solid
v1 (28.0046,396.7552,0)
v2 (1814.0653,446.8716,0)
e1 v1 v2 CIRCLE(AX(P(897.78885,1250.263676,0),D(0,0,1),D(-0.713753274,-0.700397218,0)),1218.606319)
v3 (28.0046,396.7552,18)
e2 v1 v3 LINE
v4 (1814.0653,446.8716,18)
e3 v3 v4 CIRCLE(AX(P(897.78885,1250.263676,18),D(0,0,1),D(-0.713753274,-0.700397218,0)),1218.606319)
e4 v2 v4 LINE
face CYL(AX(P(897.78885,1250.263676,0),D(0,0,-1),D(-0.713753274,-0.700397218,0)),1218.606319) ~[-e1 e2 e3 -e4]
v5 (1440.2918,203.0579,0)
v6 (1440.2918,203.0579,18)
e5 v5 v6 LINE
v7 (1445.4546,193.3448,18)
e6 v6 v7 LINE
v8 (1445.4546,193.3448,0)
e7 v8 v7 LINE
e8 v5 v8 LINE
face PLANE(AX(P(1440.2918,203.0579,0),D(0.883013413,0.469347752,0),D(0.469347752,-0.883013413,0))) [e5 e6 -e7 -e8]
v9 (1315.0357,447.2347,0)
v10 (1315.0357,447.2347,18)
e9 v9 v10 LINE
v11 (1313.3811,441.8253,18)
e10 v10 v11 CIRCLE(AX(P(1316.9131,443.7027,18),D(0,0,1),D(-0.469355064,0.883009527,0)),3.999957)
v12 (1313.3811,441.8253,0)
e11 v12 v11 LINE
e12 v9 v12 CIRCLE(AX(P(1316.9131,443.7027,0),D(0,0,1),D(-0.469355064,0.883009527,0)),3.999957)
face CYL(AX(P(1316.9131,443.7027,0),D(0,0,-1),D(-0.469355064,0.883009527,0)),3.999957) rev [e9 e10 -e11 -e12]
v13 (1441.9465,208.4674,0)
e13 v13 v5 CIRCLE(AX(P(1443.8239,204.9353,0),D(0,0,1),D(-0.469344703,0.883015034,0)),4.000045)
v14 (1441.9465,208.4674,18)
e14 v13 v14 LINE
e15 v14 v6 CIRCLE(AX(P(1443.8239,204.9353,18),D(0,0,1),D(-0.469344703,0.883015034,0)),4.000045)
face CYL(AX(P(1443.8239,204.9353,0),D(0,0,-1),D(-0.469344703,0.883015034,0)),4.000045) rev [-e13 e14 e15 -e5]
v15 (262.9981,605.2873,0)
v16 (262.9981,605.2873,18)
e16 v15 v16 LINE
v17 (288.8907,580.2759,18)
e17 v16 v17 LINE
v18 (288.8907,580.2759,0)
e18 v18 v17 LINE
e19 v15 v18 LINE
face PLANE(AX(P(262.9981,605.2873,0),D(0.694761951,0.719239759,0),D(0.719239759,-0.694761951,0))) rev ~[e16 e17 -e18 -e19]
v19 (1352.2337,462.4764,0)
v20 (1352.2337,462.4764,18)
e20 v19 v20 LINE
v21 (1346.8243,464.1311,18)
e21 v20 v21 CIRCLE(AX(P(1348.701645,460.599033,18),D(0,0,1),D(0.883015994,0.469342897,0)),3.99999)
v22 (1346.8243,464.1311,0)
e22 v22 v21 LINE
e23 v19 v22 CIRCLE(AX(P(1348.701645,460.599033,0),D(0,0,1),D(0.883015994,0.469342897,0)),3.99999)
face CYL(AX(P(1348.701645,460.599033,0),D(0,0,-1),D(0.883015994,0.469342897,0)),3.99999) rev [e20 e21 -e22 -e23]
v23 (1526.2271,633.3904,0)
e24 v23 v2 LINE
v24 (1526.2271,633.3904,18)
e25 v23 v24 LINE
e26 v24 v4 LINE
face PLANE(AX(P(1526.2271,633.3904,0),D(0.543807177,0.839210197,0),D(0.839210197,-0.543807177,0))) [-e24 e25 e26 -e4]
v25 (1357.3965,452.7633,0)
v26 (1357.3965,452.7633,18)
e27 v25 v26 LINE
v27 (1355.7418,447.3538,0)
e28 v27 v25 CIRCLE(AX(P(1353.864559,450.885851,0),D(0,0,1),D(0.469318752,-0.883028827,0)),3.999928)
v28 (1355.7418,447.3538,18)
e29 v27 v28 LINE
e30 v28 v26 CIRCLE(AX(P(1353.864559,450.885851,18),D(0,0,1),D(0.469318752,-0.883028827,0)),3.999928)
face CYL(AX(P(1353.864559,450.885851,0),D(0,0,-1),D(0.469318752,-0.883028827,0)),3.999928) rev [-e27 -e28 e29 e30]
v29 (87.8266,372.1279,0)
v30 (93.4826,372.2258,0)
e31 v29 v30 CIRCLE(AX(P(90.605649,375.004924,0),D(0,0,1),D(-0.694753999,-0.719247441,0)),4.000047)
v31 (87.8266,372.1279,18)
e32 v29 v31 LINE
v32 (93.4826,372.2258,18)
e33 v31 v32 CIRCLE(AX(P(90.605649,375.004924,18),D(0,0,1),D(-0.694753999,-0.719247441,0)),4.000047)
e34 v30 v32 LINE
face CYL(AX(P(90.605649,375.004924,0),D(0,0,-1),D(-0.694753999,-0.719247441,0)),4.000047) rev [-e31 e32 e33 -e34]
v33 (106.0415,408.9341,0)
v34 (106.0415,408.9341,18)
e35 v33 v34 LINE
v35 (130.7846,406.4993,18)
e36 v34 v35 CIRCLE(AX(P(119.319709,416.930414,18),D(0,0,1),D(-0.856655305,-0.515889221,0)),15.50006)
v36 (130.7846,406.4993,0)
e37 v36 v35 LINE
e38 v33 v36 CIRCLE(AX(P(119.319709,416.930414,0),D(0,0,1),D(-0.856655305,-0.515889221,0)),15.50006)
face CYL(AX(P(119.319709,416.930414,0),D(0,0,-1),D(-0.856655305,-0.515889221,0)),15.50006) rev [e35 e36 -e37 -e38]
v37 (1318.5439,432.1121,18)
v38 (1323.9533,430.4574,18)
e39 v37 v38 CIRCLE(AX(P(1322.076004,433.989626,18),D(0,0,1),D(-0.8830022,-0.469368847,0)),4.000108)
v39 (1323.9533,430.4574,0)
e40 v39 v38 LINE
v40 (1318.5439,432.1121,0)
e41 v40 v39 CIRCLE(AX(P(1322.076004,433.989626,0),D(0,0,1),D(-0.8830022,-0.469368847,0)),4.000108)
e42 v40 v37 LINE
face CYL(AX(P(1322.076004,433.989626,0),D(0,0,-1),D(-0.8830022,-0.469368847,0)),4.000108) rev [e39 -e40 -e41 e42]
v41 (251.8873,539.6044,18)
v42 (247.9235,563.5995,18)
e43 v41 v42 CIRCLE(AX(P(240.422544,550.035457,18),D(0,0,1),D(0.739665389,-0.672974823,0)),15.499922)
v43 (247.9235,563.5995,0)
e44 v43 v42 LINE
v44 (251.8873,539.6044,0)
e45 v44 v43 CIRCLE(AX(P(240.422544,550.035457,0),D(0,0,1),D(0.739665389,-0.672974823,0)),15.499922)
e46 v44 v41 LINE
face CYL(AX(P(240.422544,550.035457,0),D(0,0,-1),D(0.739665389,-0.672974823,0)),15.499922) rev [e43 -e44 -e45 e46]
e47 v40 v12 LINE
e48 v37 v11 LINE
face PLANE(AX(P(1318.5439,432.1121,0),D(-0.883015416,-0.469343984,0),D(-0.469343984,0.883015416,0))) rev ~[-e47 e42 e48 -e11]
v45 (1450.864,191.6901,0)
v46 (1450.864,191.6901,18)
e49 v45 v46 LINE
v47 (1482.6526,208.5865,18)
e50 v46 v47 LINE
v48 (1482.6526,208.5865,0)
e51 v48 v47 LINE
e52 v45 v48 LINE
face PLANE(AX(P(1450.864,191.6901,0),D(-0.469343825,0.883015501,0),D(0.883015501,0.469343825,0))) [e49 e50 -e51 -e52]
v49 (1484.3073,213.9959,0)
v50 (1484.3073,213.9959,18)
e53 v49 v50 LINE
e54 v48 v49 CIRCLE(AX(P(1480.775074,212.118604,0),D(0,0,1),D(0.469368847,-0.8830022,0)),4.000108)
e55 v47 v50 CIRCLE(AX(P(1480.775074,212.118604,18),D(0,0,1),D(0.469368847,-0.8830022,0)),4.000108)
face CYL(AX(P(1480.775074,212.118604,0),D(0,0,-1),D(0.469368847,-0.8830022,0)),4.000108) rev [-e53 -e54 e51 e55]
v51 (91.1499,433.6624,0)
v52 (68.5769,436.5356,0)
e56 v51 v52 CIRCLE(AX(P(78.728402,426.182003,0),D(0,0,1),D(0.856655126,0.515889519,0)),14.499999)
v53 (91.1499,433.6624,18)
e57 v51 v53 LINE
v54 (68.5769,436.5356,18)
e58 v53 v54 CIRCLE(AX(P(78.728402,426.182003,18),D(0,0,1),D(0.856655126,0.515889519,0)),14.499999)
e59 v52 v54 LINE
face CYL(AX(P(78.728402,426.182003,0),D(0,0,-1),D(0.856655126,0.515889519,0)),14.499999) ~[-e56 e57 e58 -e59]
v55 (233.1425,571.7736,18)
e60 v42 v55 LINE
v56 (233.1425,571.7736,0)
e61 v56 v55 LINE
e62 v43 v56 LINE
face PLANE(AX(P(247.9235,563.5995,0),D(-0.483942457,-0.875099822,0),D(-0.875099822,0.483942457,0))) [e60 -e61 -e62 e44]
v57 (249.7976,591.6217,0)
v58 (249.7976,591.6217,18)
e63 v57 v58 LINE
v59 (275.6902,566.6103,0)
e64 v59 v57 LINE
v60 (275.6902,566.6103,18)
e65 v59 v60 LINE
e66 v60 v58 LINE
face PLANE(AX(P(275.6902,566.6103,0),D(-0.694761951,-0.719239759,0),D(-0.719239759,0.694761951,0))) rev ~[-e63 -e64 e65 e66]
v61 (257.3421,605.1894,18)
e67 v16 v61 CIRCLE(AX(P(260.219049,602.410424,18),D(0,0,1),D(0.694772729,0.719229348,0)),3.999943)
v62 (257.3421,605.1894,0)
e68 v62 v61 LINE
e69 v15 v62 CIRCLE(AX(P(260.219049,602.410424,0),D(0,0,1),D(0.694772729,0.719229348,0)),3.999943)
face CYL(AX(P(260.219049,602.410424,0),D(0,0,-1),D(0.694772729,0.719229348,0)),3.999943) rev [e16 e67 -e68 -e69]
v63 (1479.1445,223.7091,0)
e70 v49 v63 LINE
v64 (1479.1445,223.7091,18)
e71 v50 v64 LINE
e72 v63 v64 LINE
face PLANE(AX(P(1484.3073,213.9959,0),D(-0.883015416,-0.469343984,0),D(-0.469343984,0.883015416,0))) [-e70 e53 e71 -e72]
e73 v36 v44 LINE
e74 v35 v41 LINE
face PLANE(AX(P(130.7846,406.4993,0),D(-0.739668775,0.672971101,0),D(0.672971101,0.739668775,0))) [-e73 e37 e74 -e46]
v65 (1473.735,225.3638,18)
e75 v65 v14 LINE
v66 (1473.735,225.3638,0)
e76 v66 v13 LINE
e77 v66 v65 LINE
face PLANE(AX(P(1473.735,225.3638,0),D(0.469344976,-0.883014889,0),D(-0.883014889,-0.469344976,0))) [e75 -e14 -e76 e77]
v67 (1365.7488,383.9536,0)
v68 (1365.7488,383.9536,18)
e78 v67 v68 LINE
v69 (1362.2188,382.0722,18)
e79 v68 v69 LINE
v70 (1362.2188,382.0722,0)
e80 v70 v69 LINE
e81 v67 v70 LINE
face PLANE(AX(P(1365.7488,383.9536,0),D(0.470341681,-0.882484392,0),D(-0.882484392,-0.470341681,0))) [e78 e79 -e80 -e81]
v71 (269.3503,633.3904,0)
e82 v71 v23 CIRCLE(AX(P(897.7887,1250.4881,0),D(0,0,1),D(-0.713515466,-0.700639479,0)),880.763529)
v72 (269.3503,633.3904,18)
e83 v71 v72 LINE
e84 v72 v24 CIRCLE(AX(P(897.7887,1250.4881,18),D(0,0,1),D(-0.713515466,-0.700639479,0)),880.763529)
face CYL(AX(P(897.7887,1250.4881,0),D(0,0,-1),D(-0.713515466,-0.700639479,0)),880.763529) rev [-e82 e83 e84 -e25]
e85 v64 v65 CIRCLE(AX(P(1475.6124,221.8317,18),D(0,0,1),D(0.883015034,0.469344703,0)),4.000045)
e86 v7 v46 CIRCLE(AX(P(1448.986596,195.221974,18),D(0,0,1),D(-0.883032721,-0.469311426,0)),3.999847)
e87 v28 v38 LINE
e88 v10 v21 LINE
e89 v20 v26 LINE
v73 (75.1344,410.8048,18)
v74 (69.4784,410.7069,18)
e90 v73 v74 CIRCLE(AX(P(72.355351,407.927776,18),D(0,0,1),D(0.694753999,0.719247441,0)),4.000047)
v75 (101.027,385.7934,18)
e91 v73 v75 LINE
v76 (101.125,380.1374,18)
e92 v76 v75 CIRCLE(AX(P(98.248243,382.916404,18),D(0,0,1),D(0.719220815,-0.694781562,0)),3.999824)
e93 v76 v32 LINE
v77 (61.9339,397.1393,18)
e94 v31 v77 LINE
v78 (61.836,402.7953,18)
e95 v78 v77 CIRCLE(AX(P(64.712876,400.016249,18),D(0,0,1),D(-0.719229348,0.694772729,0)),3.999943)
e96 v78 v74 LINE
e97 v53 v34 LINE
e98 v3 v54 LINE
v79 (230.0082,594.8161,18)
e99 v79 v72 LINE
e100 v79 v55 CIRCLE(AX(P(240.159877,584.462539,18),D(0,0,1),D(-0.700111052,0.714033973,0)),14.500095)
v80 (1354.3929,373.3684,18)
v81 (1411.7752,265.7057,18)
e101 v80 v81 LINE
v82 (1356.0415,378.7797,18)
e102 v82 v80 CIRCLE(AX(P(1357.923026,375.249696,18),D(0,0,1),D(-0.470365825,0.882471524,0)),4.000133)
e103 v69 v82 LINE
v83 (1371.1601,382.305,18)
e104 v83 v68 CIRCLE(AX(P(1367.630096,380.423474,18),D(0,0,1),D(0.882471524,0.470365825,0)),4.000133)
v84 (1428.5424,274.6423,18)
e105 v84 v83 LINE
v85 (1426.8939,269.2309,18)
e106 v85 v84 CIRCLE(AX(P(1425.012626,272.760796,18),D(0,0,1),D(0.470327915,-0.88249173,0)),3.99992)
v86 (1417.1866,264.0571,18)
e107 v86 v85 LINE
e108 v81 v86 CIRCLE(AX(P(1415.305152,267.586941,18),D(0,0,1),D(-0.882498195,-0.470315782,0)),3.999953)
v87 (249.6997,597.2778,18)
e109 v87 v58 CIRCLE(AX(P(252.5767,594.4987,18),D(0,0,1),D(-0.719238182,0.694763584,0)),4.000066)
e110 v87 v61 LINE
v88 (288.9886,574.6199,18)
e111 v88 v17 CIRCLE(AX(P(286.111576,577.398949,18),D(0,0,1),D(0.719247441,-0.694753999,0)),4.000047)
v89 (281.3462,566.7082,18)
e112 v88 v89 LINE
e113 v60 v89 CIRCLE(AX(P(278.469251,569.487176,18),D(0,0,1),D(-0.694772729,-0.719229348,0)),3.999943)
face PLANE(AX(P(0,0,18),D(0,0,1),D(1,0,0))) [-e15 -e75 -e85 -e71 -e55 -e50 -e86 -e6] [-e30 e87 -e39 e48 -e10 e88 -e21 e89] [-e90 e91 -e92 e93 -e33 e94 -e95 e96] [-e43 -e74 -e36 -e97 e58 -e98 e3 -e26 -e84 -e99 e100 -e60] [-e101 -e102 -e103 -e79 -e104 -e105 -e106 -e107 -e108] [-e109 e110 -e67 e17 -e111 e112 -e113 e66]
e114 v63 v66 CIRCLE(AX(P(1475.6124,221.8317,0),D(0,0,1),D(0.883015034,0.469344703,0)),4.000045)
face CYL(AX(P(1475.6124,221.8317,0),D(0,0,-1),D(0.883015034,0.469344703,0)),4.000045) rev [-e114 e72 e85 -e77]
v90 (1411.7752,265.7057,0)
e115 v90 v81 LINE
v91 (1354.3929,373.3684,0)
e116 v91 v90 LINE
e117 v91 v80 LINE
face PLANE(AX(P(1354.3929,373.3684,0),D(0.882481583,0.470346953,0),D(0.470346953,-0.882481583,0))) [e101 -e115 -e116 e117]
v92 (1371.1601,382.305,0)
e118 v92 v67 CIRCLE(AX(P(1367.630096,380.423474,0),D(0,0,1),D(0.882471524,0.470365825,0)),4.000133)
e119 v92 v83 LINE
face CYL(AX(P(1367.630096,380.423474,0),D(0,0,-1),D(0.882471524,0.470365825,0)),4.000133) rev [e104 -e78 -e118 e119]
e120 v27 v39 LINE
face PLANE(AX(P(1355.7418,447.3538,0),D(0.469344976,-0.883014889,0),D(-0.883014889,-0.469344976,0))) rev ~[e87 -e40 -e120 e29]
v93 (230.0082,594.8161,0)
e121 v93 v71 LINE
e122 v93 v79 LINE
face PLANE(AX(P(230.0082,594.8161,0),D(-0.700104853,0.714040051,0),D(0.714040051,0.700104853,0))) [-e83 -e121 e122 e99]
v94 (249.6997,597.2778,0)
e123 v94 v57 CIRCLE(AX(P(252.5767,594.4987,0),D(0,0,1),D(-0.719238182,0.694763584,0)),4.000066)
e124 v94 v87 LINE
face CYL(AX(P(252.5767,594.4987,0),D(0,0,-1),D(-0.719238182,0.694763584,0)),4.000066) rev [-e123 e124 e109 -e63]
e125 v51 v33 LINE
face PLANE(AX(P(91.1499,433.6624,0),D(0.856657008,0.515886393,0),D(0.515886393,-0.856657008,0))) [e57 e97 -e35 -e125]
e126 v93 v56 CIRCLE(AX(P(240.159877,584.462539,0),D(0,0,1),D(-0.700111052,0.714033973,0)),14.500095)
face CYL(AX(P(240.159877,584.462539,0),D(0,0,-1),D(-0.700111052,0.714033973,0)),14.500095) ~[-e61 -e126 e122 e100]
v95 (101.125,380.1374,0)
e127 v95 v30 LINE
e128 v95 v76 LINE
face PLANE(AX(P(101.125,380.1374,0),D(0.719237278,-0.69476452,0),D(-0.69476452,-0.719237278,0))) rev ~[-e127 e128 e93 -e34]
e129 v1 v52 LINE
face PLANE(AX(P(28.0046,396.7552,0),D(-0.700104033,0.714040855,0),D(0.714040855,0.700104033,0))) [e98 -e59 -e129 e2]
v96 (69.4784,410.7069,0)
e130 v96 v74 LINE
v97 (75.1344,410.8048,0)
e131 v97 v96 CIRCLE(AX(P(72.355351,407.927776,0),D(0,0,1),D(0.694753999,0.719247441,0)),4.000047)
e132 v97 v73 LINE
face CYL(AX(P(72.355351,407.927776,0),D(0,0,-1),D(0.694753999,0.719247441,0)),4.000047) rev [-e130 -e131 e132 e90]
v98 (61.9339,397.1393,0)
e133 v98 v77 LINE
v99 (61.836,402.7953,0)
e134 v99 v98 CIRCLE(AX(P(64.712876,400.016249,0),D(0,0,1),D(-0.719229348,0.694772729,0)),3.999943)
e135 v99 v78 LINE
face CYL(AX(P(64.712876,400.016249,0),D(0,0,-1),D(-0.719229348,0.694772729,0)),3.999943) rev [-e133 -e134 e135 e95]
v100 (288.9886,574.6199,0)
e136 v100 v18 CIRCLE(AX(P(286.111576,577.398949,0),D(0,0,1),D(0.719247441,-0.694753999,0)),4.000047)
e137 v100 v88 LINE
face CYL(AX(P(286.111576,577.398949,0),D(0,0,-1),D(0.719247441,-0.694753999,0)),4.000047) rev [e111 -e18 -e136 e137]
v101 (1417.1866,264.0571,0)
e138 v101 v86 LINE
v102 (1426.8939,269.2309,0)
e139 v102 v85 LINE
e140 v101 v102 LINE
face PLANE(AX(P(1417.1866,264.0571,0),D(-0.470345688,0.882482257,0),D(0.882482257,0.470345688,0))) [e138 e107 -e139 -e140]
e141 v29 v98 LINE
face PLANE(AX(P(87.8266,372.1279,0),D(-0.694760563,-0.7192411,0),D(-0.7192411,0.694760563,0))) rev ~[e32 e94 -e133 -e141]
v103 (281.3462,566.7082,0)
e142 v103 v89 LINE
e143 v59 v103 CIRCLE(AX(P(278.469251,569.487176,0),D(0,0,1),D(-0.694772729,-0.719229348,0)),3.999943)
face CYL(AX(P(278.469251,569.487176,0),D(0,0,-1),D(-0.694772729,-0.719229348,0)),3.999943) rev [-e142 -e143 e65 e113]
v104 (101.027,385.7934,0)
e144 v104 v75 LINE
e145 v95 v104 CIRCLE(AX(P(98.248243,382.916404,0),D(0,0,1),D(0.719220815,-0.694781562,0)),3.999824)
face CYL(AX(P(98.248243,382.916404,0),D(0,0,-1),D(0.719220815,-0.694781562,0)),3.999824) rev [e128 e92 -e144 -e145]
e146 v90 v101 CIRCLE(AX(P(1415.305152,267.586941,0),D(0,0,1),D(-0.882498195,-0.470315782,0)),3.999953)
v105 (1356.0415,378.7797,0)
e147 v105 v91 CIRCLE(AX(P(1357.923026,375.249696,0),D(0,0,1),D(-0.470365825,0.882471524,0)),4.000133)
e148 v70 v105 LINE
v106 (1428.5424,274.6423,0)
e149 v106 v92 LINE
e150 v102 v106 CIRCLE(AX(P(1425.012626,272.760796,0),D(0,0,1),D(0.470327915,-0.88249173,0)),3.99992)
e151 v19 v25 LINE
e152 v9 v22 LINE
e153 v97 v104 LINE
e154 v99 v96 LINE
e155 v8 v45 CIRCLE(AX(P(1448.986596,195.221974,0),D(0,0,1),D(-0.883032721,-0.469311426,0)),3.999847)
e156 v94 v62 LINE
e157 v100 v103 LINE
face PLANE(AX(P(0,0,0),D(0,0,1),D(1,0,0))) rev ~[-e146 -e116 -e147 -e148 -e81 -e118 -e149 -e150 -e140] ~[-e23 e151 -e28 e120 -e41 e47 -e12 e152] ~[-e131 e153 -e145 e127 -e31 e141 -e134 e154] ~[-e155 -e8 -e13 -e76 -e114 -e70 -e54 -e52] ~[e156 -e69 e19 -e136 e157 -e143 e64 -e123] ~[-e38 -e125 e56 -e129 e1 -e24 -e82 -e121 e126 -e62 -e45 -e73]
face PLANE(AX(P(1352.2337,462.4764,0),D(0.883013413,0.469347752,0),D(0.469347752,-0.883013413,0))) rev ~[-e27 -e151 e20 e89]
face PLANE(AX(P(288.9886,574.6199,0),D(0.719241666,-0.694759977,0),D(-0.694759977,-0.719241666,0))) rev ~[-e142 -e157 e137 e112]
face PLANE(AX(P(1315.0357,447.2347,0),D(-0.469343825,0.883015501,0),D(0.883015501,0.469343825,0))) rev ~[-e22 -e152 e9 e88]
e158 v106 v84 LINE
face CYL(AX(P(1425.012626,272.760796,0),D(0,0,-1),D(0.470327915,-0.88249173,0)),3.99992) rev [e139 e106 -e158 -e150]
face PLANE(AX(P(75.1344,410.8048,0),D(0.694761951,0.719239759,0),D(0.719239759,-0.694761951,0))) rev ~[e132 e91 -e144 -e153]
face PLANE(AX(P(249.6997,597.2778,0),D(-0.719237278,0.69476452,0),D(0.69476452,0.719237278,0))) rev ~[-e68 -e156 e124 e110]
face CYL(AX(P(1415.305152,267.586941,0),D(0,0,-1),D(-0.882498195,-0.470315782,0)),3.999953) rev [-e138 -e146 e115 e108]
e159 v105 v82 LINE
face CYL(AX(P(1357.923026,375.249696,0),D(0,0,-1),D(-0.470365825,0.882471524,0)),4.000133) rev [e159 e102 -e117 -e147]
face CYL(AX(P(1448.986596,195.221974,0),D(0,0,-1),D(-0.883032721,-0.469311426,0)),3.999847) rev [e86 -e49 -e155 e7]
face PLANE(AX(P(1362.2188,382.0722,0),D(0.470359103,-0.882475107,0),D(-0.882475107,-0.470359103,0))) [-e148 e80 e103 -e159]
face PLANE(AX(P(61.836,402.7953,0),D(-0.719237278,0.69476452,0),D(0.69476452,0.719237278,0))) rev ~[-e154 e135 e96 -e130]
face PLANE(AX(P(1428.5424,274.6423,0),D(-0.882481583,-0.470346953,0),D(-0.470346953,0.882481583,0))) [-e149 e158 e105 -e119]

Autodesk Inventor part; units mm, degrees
ref_plane "YZ Plane" through (0, 0, 0) normal (1, 0, 0) x (0, 1, 0)
ref_plane "XZ Plane" through (0, 0, 0) normal (0, 1, 0) x (-1, 0, 0)
ref_plane "XY Plane" through (0, 0, 0) normal (0, 0, 1) x (1, 0, 0)
sketch "CONTOURS" plane through (0, 0, 0) normal (0, 0, 1) x (1, 0, 0)
  arc A0 (28.0046, 396.7552) -> (1814.0653, 446.8716) centre (897.7889, 1250.2638) ccw
  line L0 (28.0046, 396.7552) -> (68.5769, 436.5356)
  arc A1 (91.1499, 433.6624) -> (68.5769, 436.5356) centre (78.7284, 426.182) ccw
  line L1 (91.1499, 433.6624) -> (106.0415, 408.9341)
  arc A2 (106.0415, 408.9341) -> (130.7846, 406.4993) centre (119.3197, 416.9304) ccw
  line L2 (130.7846, 406.4993) -> (251.8873, 539.6044)
  arc A3 (251.8873, 539.6044) -> (247.9235, 563.5995) centre (240.4224, 550.0355) ccw
  line L3 (247.9235, 563.5995) -> (233.1425, 571.7736)
  arc A4 (230.0082, 594.8161) -> (233.1425, 571.7736) centre (240.1597, 584.4626) ccw
  line L4 (230.0082, 594.8161) -> (269.3503, 633.3904)
  arc A5 (269.3503, 633.3904) -> (1526.2271, 633.3904) centre (897.7887, 1250.4881) ccw
  line L5 (1526.2271, 633.3904) -> (1814.0653, 446.8716)
sketch "HOLES" plane through (0, 0, 0) normal (0, 0, 1) x (1, 0, 0)
  arc A0 (288.9886, 574.6199) -> (288.8907, 580.2759) centre (286.1117, 577.3989) ccw
  line L0 (288.9886, 574.6199) -> (281.3462, 566.7082)
  arc A1 (275.6902, 566.6103) -> (281.3462, 566.7082) centre (278.4693, 569.4873) ccw
  line L1 (275.6902, 566.6103) -> (249.7976, 591.6217)
  arc A2 (249.6997, 597.2778) -> (249.7976, 591.6217) centre (252.5767, 594.4987) ccw
  line L2 (1440.2918, 203.0579) -> (1445.4546, 193.3448)
  arc A3 (1445.4546, 193.3448) -> (1450.864, 191.6901) centre (1448.9867, 195.2221) ccw
  line L3 (1450.864, 191.6901) -> (1482.6526, 208.5865)
  arc A4 (1482.6526, 208.5865) -> (1484.3073, 213.9959) centre (1480.7752, 212.1185) ccw
  line L4 (1484.3073, 213.9959) -> (1479.1445, 223.7091)
  arc A5 (1479.1445, 223.7091) -> (1473.735, 225.3638) centre (1475.6124, 221.8317) ccw
  line L5 (1473.735, 225.3638) -> (1441.9465, 208.4674)
  arc A6 (1441.9465, 208.4674) -> (1440.2918, 203.0579) centre (1443.8239, 204.9353) ccw
  line L6 (101.125, 380.1374) -> (93.4826, 372.2258)
  arc A7 (87.8266, 372.1279) -> (93.4826, 372.2258) centre (90.6056, 375.0048) ccw
  line L7 (87.8266, 372.1279) -> (61.9339, 397.1393)
  arc A8 (61.836, 402.7953) -> (61.9339, 397.1393) centre (64.713, 400.0162) ccw
  line L8 (61.836, 402.7953) -> (69.4784, 410.7069)
  arc A9 (75.1344, 410.8048) -> (69.4784, 410.7069) centre (72.3554, 407.9279) ccw
  line L9 (75.1344, 410.8048) -> (101.027, 385.7934)
  arc A10 (101.125, 380.1374) -> (101.027, 385.7934) centre (98.248, 382.9165) ccw
  line L10 (1362.2188, 382.0722) -> (1356.0415, 378.7797)
  arc A11 (1356.0415, 378.7797) -> (1354.3929, 373.3684) centre (1357.9229, 375.2498) ccw
  line L11 (1354.3929, 373.3684) -> (1411.7752, 265.7057)
  arc A12 (1411.7752, 265.7057) -> (1417.1866, 264.0571) centre (1415.3052, 267.587) ccw
  line L12 (1417.1866, 264.0571) -> (1426.8939, 269.2309)
  arc A13 (1426.8939, 269.2309) -> (1428.5424, 274.6423) centre (1425.0125, 272.7609) ccw
  line L13 (1428.5424, 274.6423) -> (1371.1601, 382.305)
  arc A14 (1371.1601, 382.305) -> (1365.7488, 383.9536) centre (1367.6302, 380.4236) ccw
  line L14 (1365.7488, 383.9536) -> (1362.2188, 382.0722)
  line L15 (249.6997, 597.2778) -> (257.3421, 605.1894)
  arc A15 (262.9981, 605.2873) -> (257.3421, 605.1894) centre (260.219, 602.4103) ccw
  line L16 (262.9981, 605.2873) -> (288.8907, 580.2759)
  line L17 (1318.5439, 432.1121) -> (1313.3811, 441.8253)
  arc A16 (1315.0357, 447.2347) -> (1313.3811, 441.8253) centre (1316.9131, 443.7027) ccw
  line L18 (1315.0357, 447.2347) -> (1346.8243, 464.1311)
  arc A17 (1352.2337, 462.4764) -> (1346.8243, 464.1311) centre (1348.7017, 460.5991) ccw
  line L19 (1352.2337, 462.4764) -> (1357.3965, 452.7633)
  arc A18 (1355.7418, 447.3538) -> (1357.3965, 452.7633) centre (1353.8645, 450.8859) ccw
  line L20 (1355.7418, 447.3538) -> (1323.9533, 430.4574)
  arc A19 (1318.5439, 432.1121) -> (1323.9533, 430.4574) centre (1322.0759, 433.9895) ccw
sketch "LETTERS" plane through (0, 0, 0) normal (0, 0, 1) x (1, 0, 0)
  line L0 (243.6817, 427.6795) -> (251.9783, 420.9747)
  line L1 (249.8017, 435.2055) -> (237.3515, 419.7995)
  line L2 (237.3515, 419.7995) -> (248.775, 410.5677)
  line L3 (261.2252, 425.9736) -> (249.8017, 435.2055)
extrude "Extrusion1" add sketch "CONTOURS" along normal blind 18
extrude "Extrusion2" cut sketch "HOLES" along normal blind 18
properties part number "Platform E4" material "Wood (Birch)"
